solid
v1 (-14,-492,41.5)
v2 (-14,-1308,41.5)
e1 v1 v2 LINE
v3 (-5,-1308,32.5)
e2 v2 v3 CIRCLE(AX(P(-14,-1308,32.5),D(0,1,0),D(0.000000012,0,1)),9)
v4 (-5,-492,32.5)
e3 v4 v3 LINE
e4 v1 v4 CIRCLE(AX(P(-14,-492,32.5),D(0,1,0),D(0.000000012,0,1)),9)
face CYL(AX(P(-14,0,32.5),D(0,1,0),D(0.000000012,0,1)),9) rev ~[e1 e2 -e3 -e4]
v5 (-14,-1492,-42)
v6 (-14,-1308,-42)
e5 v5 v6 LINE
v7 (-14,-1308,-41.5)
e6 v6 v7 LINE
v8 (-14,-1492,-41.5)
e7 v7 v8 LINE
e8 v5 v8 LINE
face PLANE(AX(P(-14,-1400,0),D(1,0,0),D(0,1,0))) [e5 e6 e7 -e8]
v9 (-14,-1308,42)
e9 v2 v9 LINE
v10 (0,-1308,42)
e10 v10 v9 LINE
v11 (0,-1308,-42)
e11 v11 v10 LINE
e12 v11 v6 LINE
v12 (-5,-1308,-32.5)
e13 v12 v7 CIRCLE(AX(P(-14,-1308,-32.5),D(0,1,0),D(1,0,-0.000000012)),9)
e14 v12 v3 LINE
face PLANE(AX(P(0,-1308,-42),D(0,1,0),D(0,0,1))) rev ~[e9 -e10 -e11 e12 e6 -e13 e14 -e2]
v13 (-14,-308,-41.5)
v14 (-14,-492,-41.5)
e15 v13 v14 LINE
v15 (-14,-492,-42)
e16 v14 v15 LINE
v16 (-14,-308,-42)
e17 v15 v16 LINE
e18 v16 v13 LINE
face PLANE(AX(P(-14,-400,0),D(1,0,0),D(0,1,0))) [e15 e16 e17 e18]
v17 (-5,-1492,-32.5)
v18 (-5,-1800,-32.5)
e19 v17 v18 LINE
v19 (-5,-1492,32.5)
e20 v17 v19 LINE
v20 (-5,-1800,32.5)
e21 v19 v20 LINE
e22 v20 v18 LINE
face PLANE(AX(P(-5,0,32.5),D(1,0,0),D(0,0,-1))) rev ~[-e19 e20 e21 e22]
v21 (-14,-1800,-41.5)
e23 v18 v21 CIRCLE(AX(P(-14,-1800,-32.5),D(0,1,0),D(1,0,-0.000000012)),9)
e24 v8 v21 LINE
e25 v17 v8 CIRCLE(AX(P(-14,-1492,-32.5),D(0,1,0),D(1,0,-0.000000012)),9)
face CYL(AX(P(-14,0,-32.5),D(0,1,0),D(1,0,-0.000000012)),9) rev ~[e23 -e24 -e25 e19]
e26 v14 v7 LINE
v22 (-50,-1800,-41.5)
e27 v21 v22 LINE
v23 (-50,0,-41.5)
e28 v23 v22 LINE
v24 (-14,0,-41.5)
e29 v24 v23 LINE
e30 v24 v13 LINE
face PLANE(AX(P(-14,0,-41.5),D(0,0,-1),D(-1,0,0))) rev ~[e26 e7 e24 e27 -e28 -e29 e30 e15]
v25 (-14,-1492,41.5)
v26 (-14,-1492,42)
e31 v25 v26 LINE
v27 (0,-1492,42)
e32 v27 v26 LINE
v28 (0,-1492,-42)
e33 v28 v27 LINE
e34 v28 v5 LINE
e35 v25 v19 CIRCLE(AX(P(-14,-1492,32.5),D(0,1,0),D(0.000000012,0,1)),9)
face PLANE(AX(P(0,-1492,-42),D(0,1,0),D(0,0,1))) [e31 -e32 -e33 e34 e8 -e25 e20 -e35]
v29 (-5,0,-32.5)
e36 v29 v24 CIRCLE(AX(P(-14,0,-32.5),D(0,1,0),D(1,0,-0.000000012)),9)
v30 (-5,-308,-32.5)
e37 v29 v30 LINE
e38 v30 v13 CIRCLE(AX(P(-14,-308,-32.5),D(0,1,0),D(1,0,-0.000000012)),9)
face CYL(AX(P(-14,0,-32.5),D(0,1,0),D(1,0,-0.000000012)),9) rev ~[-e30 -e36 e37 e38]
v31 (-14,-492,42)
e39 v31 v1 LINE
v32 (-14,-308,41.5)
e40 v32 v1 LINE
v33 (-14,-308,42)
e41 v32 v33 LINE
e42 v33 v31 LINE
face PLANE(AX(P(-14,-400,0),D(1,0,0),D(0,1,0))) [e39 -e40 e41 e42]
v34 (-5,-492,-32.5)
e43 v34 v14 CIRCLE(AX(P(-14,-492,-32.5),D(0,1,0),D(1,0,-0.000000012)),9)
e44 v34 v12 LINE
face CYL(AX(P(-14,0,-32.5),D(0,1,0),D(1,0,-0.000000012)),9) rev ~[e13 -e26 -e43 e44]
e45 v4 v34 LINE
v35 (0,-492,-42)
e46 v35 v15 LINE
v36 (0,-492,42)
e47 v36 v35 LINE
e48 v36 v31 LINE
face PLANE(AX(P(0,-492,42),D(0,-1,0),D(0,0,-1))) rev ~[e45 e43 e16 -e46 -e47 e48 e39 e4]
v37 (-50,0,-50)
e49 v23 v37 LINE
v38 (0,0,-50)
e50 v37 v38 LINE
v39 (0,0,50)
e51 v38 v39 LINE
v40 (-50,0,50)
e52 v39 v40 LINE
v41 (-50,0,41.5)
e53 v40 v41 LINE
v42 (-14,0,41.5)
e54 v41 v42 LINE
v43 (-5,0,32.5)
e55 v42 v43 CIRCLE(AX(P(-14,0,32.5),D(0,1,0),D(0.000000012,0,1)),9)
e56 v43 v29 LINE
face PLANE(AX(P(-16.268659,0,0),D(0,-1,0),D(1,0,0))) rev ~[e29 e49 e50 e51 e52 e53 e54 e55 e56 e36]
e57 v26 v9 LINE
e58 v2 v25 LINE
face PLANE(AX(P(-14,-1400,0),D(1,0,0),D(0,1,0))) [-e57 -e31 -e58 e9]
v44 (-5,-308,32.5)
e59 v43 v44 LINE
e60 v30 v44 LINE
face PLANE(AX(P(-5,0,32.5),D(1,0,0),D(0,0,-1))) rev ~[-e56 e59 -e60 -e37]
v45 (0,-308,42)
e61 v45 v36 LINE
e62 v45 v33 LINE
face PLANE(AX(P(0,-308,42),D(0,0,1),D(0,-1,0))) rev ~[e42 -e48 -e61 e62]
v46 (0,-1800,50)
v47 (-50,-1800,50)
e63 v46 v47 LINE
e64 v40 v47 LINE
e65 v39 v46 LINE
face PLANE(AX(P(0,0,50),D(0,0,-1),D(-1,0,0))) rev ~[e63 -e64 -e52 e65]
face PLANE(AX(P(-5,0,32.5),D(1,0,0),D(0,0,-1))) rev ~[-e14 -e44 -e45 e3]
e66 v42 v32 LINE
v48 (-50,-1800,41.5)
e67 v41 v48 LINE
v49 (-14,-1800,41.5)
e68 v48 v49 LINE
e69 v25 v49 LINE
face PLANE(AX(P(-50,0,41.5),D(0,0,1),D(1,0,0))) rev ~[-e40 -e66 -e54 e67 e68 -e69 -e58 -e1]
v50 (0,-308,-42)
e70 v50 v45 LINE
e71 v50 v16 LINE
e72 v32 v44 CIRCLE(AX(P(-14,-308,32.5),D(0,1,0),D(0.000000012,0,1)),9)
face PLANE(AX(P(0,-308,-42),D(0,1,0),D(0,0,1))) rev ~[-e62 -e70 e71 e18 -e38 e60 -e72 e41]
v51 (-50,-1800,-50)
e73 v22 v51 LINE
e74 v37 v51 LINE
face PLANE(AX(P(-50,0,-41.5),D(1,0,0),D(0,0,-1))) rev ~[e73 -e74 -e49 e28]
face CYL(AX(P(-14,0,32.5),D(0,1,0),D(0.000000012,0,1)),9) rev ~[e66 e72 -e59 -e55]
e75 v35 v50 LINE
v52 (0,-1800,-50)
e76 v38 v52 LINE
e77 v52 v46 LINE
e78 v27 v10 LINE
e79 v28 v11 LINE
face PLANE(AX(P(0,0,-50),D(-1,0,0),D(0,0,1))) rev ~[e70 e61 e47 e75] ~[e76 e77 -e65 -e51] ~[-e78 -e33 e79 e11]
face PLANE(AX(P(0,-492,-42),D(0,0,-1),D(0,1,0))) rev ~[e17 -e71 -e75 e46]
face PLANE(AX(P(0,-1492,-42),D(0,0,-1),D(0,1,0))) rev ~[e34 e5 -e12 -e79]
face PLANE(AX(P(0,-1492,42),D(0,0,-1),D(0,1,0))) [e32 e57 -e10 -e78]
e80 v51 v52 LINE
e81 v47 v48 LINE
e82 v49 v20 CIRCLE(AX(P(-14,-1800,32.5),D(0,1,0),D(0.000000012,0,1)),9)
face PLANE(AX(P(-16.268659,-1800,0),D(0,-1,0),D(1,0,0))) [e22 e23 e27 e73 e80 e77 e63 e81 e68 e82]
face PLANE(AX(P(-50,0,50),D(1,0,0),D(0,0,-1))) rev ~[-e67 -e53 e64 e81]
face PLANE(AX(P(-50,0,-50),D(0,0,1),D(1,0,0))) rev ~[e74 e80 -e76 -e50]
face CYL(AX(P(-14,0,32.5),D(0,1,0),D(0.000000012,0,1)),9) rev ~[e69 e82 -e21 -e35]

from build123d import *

# Parameters (mm, degrees)
F1_DEPTH = 1800
F2_W     = 184
F2_H     = 84
F3_DEPTH = 14


with BuildPart() as f1:
    # F0 (on Front) → F1 (new body)
    with BuildSketch(Plane.XZ):
        with BuildLine():
            Line((0, 50), (-50, 50))
            Line((-50, 50), (-50, 41.5))
            Line((-50, 41.5), (-14, 41.5))
            ThreePointArc((-14, 41.5), (-7.636039, 38.863961), (-5, 32.5))
            Line((-5, 32.5), (-5, -32.5))
            ThreePointArc((-5, -32.5), (-7.636039, -38.863961), (-14, -41.5))
            Line((-14, -41.5), (-50, -41.5))
            Line((-50, -41.5), (-50, -50))
            Line((-50, -50), (0, -50))
            Line((0, -50), (0, 50))
        make_face()
    extrude(amount=F1_DEPTH)

    # F2 (on Right) → F3 (cut)
    with BuildSketch(Plane.YZ):
        Polygon((-308, 0), (-308, 42), (-461.919742, 42), (-492, 42), (-492, -42), (-308, -42), align=None)
        with Locations((-1400, 0)):
            Rectangle(F2_W, F2_H)
    extrude(amount=-F3_DEPTH, mode=Mode.SUBTRACT)


solid = f1.part
